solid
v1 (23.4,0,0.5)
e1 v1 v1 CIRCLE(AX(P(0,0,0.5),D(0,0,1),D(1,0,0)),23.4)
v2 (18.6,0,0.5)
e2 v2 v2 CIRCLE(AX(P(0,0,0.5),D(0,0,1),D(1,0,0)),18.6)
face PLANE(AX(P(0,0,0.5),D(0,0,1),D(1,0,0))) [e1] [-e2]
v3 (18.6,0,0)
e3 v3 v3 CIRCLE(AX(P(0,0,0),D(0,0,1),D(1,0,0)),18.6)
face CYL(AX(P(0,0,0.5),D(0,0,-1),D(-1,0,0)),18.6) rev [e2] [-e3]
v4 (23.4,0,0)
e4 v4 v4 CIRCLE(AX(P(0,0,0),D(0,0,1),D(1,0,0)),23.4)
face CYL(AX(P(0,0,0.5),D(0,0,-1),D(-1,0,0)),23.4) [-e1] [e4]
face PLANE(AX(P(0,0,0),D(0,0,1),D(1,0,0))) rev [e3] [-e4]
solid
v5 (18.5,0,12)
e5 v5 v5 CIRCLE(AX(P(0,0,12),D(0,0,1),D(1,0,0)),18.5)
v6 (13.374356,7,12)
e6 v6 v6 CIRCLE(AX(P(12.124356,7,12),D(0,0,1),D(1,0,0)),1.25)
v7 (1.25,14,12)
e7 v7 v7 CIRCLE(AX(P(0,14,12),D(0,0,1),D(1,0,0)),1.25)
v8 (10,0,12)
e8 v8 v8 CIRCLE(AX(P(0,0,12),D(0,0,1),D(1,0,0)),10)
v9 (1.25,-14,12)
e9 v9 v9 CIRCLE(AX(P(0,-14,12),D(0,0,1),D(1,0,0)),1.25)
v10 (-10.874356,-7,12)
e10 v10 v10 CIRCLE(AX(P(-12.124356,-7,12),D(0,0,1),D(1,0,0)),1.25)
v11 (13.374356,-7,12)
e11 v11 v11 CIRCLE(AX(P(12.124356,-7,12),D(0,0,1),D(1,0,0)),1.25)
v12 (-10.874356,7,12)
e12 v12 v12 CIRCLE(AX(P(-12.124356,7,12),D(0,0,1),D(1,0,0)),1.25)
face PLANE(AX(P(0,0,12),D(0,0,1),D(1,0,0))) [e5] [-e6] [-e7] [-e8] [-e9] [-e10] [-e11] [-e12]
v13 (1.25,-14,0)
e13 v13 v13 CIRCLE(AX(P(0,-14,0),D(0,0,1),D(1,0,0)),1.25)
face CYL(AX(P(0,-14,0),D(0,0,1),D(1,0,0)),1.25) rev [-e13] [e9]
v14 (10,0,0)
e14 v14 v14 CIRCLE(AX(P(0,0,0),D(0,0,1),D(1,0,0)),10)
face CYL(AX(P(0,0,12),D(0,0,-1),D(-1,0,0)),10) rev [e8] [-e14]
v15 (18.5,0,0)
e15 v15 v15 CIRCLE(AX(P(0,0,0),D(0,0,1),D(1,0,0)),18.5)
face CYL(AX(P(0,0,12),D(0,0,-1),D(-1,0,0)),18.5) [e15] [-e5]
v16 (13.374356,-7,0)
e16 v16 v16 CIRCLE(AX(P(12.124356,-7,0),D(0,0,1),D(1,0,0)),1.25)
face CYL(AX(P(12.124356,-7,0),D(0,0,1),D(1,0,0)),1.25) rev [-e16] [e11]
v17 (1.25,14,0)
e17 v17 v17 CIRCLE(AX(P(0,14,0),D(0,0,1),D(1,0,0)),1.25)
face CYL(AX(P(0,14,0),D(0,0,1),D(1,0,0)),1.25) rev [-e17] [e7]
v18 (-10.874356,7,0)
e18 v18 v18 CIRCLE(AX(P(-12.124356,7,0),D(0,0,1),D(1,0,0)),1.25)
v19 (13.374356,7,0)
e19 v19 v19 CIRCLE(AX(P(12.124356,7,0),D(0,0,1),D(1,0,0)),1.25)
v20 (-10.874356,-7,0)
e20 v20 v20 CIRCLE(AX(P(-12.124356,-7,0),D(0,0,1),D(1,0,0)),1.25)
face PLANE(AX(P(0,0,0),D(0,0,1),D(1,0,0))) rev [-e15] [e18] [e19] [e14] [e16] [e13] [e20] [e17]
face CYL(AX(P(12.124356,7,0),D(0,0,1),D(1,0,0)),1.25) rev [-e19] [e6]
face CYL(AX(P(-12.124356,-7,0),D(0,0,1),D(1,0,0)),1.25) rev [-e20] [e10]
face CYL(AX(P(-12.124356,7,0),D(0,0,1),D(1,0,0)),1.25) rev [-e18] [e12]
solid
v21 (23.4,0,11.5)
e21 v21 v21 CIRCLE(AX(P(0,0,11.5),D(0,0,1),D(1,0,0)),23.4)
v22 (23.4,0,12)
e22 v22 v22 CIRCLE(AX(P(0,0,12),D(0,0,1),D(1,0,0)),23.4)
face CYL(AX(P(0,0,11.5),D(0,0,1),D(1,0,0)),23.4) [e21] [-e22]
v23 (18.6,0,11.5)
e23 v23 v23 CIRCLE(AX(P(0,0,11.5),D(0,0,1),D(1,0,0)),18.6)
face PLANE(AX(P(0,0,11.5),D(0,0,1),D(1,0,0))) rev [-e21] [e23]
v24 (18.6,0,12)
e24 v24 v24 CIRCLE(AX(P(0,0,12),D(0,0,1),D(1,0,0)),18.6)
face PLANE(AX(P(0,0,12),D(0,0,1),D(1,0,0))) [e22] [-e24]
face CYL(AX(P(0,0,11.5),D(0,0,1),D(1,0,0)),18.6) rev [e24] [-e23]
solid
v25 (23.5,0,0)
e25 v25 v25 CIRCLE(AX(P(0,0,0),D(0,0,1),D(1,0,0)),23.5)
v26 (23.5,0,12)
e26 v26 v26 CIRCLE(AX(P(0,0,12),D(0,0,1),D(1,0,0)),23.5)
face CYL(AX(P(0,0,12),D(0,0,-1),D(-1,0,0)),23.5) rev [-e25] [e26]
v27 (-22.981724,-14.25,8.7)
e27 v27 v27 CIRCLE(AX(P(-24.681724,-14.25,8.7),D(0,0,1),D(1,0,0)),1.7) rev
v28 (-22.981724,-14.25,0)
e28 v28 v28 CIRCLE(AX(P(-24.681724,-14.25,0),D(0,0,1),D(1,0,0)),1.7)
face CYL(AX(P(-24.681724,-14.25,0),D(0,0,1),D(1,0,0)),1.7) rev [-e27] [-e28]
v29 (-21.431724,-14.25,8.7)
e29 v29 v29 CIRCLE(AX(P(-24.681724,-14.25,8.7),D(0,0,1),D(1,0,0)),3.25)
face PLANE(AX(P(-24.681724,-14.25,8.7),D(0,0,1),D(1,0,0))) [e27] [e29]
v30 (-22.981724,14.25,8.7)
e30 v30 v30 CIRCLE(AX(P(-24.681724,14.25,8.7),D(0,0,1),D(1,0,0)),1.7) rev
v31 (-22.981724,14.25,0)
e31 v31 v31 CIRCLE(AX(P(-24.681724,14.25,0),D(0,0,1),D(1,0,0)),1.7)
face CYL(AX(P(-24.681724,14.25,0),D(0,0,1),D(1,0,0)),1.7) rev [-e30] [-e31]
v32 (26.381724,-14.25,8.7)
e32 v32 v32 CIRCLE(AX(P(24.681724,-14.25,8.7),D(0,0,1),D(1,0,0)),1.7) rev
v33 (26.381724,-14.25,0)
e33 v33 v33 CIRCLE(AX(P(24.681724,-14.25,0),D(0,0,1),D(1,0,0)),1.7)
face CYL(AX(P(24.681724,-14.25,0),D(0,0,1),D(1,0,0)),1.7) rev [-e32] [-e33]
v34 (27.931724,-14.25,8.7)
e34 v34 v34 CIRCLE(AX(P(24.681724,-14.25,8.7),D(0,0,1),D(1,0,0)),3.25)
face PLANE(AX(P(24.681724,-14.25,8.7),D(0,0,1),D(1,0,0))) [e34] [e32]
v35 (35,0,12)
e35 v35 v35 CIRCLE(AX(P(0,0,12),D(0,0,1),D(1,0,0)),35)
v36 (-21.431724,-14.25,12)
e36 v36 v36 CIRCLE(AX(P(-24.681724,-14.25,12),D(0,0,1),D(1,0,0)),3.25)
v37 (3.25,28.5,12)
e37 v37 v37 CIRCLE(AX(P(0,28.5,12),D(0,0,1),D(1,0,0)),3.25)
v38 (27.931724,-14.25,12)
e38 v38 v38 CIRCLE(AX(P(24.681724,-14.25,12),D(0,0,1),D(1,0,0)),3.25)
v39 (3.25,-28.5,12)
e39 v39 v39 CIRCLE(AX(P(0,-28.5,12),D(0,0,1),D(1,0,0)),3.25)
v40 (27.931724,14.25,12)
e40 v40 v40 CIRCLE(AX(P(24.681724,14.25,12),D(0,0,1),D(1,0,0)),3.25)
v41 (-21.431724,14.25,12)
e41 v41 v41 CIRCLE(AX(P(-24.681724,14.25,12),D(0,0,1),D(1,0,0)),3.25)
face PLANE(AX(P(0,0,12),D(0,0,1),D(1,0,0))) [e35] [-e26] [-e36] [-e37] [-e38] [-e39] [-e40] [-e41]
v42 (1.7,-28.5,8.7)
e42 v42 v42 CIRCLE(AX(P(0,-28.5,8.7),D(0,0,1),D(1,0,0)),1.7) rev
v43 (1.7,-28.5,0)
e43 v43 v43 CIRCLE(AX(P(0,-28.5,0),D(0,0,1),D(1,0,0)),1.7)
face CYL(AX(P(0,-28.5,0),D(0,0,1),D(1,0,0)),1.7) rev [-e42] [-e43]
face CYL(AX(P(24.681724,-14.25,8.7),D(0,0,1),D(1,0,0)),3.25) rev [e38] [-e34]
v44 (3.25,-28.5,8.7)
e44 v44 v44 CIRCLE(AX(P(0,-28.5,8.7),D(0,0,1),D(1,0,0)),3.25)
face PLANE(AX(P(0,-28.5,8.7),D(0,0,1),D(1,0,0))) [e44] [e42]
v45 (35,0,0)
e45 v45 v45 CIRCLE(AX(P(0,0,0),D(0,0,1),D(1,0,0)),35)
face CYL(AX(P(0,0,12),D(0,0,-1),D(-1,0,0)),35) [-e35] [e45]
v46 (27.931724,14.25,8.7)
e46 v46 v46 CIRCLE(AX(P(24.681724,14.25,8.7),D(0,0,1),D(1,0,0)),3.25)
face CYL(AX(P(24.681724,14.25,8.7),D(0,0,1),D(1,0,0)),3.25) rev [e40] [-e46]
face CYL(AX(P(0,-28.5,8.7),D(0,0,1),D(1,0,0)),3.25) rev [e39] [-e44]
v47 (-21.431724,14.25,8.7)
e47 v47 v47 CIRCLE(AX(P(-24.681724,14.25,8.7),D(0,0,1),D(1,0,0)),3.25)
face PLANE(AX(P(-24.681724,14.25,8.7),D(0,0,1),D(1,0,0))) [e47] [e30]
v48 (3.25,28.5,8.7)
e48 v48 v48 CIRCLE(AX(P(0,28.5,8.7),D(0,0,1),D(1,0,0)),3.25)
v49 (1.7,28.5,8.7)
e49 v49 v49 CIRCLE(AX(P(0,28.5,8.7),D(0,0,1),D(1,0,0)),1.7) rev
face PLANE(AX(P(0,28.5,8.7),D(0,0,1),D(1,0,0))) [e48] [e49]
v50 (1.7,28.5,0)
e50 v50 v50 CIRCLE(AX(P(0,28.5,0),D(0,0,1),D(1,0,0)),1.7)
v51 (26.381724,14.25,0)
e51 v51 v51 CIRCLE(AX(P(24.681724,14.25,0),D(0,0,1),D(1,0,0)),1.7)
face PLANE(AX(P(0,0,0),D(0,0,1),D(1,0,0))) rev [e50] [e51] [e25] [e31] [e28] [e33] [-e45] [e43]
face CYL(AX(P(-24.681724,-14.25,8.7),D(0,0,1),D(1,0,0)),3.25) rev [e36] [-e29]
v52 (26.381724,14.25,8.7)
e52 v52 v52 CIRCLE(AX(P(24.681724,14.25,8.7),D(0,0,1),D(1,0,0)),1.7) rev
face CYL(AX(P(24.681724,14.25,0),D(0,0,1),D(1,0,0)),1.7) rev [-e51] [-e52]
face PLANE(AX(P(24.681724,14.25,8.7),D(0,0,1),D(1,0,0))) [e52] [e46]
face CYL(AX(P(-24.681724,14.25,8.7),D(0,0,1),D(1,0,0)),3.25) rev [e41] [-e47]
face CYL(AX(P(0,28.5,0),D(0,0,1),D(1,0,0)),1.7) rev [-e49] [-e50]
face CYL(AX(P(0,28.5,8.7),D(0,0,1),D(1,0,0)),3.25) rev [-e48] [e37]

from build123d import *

# Parameters (mm, degrees)
SKETCH_37_20_R            = 18.5
SKETCH_37_20_R_2          = 10
EXTRUDE_37_20_DEPTH       = 12
SKETCH_70_47_R            = 35
SKETCH_70_47_R_2          = 23.5
EXTRUDE_70_47_DEPTH       = 12
M3X0_5_28_2_R             = 1.25
M3X0_5_28_DEPTH           = 12
SKETCH_3_4_57_R           = 1.7
CUT_EXTRUDE_3_4_57_DEPTH  = 12
SKETCH_6_5_3_3_R          = 3.25
CUT_EXTRUDE_6_5_3_3_DEPTH = 3.3
SKETCH_657_R              = 23.4
SKETCH_657_R_2            = 18.6
EXTRUDE_669_DEPTH         = 0.5
SKETCH_700_R              = 23.4
SKETCH_700_R_2            = 18.6
EXTRUDE_807_DEPTH         = 0.5


with BuildPart() as part:
    # 内圈_轴肩Ø37_内孔Ø20_草图 → 内圈_轴肩Ø37_内孔Ø20 (new body)
    with BuildSketch(Plane.XY):
        Circle(SKETCH_37_20_R)
        Circle(SKETCH_37_20_R_2, mode=Mode.SUBTRACT)
    extrude(amount=EXTRUDE_37_20_DEPTH)

    # M3x0.5__28 2 → M3x0.5__28 (cut)
    with BuildSketch(Plane.XY.offset(12)):
        with Locations((12.124355653, 7)):
            Circle(M3X0_5_28_2_R)
        with Locations((0, 14)):
            Circle(M3X0_5_28_2_R)
        with Locations((-12.124355653, 7)):
            Circle(M3X0_5_28_2_R)
        with Locations((-12.124355653, -7)):
            Circle(M3X0_5_28_2_R)
        with Locations((0, -14)):
            Circle(M3X0_5_28_2_R)
        with Locations((12.124355653, -7)):
            Circle(M3X0_5_28_2_R)
    extrude(amount=-M3X0_5_28_DEPTH, mode=Mode.SUBTRACT)


with BuildPart() as body_2:
    # 外圈_外径Ø70_轴肩Ø47_草图 → 外圈_外径Ø70_轴肩Ø47 (new body)
    with BuildSketch(Plane.XY):
        Circle(SKETCH_70_47_R)
        Circle(SKETCH_70_47_R_2, mode=Mode.SUBTRACT)
    extrude(amount=EXTRUDE_70_47_DEPTH)

    # 外圈_六处Ø3.4通孔_分度圆Ø57_草图 → 外圈_六处Ø3.4通孔_分度圆Ø57 (cut)
    with BuildSketch(Plane.XY.offset(12)):
        with Locations((24.681724008, 14.25)):
            Circle(SKETCH_3_4_57_R)
        with Locations((0, 28.5)):
            Circle(SKETCH_3_4_57_R)
        with Locations((-24.681724008, 14.25)):
            Circle(SKETCH_3_4_57_R)
        with Locations((-24.681724008, -14.25)):
            Circle(SKETCH_3_4_57_R)
        with Locations((0, -28.5)):
            Circle(SKETCH_3_4_57_R)
        with Locations((24.681724008, -14.25)):
            Circle(SKETCH_3_4_57_R)
    extrude(amount=-CUT_EXTRUDE_3_4_57_DEPTH, mode=Mode.SUBTRACT)

    # 外圈_六处Ø6.5沉孔_深3.3_草图 → 外圈_六处Ø6.5沉孔_深3.3 (cut)
    with BuildSketch(Plane.XY.offset(12)):
        with Locations((24.681724008, 14.25)):
            Circle(SKETCH_6_5_3_3_R)
        with Locations((0, 28.5)):
            Circle(SKETCH_6_5_3_3_R)
        with Locations((-24.681724008, 14.25)):
            Circle(SKETCH_6_5_3_3_R)
        with Locations((-24.681724008, -14.25)):
            Circle(SKETCH_6_5_3_3_R)
        with Locations((0, -28.5)):
            Circle(SKETCH_6_5_3_3_R)
        with Locations((24.681724008, -14.25)):
            Circle(SKETCH_6_5_3_3_R)
    extrude(amount=-CUT_EXTRUDE_6_5_3_3_DEPTH, mode=Mode.SUBTRACT)


with BuildPart() as body_3:
    # Sketch 657 → Extrude 669 (new body)
    with BuildSketch(Plane.XY):
        Circle(SKETCH_657_R)
        Circle(SKETCH_657_R_2, mode=Mode.SUBTRACT)
    extrude(amount=EXTRUDE_669_DEPTH)


with BuildPart() as body_4:
    # Sketch 700 → Extrude 807 (new body)
    with BuildSketch(Plane.XY.offset(12)):
        Circle(SKETCH_700_R)
        Circle(SKETCH_700_R_2, mode=Mode.SUBTRACT)
    extrude(amount=-EXTRUDE_807_DEPTH)


solid = Compound([part.part, body_2.part, body_3.part, body_4.part])
